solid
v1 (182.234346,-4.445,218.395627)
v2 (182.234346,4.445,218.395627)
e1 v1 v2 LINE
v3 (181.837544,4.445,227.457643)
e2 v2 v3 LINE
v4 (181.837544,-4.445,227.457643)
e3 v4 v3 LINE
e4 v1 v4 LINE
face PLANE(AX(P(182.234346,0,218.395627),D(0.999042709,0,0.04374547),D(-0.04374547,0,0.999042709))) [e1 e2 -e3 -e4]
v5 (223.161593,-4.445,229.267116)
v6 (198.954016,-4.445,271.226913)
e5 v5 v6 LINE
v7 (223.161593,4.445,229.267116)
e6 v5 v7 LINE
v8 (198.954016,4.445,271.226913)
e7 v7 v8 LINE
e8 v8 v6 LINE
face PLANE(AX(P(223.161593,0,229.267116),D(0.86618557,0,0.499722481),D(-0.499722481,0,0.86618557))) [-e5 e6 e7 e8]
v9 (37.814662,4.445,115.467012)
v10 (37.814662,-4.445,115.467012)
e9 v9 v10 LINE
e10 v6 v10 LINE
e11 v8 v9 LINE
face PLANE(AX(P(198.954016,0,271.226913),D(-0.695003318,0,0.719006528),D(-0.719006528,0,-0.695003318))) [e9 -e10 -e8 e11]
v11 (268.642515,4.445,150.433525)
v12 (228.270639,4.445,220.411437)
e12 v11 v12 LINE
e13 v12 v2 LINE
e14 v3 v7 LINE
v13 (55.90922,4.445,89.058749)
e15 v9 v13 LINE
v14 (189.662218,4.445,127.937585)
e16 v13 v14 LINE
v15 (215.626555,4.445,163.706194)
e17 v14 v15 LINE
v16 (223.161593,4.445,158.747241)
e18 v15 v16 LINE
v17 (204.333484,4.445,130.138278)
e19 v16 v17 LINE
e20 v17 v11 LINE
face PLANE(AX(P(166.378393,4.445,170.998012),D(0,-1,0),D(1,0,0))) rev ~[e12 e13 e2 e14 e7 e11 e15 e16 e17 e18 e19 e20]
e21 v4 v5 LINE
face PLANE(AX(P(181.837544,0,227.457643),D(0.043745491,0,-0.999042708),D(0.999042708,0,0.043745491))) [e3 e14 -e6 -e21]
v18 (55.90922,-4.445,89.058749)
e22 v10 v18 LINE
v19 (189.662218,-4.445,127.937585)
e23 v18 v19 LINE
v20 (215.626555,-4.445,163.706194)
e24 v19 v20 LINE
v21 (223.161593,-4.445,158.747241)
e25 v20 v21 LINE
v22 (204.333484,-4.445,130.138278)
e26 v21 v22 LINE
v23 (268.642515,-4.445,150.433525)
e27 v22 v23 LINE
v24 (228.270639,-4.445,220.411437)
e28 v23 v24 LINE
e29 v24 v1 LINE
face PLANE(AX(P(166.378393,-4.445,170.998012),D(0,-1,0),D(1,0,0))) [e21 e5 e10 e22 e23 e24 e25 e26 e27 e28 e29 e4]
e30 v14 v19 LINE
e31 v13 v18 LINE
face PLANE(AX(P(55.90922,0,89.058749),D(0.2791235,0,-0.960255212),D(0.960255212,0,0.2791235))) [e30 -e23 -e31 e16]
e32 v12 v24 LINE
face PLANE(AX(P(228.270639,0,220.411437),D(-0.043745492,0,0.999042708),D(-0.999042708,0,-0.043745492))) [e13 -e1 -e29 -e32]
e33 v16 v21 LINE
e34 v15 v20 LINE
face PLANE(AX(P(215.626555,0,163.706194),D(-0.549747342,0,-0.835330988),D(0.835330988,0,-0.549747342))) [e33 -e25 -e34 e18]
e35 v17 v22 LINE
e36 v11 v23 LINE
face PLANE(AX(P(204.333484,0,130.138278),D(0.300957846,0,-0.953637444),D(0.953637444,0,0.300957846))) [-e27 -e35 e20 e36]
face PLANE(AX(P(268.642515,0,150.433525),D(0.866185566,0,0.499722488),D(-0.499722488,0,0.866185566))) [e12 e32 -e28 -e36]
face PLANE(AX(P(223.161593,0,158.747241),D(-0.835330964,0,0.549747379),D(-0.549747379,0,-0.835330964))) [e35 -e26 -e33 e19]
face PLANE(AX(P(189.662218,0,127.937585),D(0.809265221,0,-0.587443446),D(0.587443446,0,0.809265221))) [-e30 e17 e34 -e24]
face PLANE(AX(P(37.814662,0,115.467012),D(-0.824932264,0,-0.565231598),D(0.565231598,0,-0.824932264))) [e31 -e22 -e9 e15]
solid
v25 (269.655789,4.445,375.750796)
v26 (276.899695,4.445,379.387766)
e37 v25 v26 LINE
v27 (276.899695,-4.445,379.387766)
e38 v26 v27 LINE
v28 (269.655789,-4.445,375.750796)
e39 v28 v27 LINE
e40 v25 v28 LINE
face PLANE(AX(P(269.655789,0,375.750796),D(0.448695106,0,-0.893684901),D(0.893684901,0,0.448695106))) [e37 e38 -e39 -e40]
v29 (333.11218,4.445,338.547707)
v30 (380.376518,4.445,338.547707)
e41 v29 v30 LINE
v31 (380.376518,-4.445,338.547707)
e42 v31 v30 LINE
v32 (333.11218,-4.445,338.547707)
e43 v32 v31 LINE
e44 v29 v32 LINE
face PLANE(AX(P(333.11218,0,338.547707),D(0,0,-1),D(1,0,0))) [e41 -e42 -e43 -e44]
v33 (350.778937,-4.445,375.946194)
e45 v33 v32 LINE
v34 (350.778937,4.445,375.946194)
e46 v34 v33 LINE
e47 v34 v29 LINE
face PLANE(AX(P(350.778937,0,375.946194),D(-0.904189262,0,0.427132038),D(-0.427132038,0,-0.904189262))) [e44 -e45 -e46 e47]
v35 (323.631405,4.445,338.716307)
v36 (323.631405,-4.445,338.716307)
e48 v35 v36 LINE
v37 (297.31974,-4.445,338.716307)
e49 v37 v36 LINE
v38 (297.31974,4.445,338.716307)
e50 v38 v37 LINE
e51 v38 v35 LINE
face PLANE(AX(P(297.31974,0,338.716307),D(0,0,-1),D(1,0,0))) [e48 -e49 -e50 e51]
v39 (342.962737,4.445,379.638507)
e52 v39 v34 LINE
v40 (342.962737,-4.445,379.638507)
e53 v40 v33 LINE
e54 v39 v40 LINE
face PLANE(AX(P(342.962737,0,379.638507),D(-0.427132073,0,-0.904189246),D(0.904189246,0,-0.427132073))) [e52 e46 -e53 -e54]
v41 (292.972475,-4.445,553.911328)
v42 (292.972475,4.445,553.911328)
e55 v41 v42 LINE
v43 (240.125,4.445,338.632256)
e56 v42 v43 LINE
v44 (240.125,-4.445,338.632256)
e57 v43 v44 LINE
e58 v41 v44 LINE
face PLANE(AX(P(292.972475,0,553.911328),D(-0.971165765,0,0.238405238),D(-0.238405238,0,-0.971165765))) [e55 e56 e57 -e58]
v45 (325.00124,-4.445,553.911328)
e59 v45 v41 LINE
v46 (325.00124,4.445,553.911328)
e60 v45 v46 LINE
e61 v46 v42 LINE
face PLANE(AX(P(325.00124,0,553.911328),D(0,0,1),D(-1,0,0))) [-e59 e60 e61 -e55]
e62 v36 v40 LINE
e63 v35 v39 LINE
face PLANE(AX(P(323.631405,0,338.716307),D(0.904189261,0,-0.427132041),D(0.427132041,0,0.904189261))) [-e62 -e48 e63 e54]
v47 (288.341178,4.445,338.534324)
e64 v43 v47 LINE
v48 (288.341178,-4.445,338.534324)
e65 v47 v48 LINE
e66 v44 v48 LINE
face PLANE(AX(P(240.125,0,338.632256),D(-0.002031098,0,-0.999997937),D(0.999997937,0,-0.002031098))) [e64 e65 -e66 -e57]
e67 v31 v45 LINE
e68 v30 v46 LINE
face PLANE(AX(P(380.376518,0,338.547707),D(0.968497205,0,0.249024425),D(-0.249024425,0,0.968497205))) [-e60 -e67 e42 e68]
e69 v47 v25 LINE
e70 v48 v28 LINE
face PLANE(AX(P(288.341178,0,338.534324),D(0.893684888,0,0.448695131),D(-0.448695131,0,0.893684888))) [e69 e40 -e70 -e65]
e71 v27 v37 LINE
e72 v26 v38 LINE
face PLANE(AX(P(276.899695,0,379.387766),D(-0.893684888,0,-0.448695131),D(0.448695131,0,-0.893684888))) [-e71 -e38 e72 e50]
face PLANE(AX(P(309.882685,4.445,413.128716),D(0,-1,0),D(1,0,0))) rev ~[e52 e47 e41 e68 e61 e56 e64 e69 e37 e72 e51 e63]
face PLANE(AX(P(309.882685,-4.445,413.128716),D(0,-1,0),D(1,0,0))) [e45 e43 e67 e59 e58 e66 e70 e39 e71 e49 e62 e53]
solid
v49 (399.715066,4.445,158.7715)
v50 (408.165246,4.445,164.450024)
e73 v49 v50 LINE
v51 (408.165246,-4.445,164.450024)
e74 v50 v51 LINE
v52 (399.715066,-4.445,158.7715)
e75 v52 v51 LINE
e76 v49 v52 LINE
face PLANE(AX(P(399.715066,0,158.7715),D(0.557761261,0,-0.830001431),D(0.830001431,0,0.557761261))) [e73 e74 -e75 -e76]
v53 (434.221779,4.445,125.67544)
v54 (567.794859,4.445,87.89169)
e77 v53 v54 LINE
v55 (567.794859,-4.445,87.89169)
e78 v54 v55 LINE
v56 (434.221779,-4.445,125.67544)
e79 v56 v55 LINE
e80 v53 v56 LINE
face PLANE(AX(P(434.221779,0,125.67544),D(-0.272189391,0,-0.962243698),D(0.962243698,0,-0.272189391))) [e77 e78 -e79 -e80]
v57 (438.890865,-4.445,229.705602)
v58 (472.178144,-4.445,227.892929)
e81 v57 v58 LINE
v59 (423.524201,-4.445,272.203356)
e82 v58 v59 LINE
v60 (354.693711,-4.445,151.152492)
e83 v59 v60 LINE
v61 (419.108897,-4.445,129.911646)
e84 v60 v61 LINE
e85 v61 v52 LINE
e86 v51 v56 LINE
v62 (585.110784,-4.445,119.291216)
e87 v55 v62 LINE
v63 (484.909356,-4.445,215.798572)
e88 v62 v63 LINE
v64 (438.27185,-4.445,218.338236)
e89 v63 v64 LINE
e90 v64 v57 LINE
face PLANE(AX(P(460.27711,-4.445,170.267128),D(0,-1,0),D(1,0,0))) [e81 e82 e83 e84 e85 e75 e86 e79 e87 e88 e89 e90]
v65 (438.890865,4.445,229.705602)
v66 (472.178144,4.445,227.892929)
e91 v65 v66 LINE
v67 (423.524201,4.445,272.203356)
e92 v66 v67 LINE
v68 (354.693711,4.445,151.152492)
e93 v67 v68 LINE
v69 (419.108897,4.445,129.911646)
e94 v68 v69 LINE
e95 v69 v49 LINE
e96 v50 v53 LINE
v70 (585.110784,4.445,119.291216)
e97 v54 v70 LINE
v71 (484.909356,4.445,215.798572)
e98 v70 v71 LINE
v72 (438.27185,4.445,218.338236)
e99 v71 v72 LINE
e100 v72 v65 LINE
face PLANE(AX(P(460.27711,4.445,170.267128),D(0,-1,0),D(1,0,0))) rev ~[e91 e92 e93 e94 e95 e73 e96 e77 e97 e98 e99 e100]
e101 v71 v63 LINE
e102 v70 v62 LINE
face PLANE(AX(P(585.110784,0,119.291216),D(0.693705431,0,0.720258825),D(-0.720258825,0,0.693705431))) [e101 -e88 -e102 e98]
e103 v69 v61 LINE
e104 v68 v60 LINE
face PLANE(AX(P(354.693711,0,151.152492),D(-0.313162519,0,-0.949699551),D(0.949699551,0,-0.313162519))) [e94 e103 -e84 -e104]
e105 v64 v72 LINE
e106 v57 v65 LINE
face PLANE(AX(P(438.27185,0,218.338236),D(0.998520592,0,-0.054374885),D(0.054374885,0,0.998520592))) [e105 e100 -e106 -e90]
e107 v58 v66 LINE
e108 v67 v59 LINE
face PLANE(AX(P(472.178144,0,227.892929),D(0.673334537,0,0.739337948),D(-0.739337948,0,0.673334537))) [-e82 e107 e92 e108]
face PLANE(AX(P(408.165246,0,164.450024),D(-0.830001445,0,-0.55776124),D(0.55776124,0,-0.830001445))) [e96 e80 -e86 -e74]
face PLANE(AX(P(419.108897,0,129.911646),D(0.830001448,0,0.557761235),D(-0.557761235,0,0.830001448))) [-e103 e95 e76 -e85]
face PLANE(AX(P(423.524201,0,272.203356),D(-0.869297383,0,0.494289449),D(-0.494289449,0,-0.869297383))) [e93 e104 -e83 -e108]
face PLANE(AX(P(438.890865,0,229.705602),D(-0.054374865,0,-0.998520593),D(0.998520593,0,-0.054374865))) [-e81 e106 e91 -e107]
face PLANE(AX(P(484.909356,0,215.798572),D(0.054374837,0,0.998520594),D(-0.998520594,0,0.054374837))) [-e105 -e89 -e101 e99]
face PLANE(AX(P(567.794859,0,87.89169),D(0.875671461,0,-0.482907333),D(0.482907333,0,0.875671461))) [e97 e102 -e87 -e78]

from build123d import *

# Parameters (mm, degrees)
F1_DEPTH = 4.445
F3_DEPTH = 4.445
F5_DEPTH = 4.445


with BuildPart() as f1:
    # F0 (on Front) → F1 (new body, symmetric)
    with BuildSketch(Plane.XZ):
        Polygon((223.161593, 229.267116), (198.954016, 271.226913), (37.814662, 115.467012), (55.90922, 89.058749), (189.662218, 127.937585), (215.626555, 163.706194), (223.161593, 158.747241), (204.333484, 130.138278), (268.642515, 150.433525), (228.270639, 220.411437), (182.234346, 218.395627), (181.837544, 227.457643), align=None)
    extrude(amount=F1_DEPTH, both=True)


with BuildPart() as f3:
    # F2 (on Front) → F3 (new body, symmetric)
    with BuildSketch(Plane.XZ):
        Polygon((472.178144, 227.892929), (423.524201, 272.203356), (354.693711, 151.152492), (419.108897, 129.911646), (399.715066, 158.7715), (408.165246, 164.450024), (434.221779, 125.67544), (567.794859, 87.89169), (585.110784, 119.291216), (484.909356, 215.798572), (438.27185, 218.338236), (438.890865, 229.705602), align=None)
    extrude(amount=F3_DEPTH, both=True)


with BuildPart() as f5:
    # F4 (on Front) → F5 (new body, symmetric)
    with BuildSketch(Plane.XZ):
        Polygon((292.972475, 553.911328), (240.125, 338.632256), (288.341178, 338.534324), (269.655789, 375.750796), (276.899695, 379.387766), (297.31974, 338.716307), (323.631405, 338.716307), (342.962737, 379.638507), (350.778937, 375.946194), (333.11218, 338.547707), (380.376518, 338.547707), (325.00124, 553.911328), align=None)
    extrude(amount=F5_DEPTH, both=True)


solid = Compound([f1.part, f3.part, f5.part])
